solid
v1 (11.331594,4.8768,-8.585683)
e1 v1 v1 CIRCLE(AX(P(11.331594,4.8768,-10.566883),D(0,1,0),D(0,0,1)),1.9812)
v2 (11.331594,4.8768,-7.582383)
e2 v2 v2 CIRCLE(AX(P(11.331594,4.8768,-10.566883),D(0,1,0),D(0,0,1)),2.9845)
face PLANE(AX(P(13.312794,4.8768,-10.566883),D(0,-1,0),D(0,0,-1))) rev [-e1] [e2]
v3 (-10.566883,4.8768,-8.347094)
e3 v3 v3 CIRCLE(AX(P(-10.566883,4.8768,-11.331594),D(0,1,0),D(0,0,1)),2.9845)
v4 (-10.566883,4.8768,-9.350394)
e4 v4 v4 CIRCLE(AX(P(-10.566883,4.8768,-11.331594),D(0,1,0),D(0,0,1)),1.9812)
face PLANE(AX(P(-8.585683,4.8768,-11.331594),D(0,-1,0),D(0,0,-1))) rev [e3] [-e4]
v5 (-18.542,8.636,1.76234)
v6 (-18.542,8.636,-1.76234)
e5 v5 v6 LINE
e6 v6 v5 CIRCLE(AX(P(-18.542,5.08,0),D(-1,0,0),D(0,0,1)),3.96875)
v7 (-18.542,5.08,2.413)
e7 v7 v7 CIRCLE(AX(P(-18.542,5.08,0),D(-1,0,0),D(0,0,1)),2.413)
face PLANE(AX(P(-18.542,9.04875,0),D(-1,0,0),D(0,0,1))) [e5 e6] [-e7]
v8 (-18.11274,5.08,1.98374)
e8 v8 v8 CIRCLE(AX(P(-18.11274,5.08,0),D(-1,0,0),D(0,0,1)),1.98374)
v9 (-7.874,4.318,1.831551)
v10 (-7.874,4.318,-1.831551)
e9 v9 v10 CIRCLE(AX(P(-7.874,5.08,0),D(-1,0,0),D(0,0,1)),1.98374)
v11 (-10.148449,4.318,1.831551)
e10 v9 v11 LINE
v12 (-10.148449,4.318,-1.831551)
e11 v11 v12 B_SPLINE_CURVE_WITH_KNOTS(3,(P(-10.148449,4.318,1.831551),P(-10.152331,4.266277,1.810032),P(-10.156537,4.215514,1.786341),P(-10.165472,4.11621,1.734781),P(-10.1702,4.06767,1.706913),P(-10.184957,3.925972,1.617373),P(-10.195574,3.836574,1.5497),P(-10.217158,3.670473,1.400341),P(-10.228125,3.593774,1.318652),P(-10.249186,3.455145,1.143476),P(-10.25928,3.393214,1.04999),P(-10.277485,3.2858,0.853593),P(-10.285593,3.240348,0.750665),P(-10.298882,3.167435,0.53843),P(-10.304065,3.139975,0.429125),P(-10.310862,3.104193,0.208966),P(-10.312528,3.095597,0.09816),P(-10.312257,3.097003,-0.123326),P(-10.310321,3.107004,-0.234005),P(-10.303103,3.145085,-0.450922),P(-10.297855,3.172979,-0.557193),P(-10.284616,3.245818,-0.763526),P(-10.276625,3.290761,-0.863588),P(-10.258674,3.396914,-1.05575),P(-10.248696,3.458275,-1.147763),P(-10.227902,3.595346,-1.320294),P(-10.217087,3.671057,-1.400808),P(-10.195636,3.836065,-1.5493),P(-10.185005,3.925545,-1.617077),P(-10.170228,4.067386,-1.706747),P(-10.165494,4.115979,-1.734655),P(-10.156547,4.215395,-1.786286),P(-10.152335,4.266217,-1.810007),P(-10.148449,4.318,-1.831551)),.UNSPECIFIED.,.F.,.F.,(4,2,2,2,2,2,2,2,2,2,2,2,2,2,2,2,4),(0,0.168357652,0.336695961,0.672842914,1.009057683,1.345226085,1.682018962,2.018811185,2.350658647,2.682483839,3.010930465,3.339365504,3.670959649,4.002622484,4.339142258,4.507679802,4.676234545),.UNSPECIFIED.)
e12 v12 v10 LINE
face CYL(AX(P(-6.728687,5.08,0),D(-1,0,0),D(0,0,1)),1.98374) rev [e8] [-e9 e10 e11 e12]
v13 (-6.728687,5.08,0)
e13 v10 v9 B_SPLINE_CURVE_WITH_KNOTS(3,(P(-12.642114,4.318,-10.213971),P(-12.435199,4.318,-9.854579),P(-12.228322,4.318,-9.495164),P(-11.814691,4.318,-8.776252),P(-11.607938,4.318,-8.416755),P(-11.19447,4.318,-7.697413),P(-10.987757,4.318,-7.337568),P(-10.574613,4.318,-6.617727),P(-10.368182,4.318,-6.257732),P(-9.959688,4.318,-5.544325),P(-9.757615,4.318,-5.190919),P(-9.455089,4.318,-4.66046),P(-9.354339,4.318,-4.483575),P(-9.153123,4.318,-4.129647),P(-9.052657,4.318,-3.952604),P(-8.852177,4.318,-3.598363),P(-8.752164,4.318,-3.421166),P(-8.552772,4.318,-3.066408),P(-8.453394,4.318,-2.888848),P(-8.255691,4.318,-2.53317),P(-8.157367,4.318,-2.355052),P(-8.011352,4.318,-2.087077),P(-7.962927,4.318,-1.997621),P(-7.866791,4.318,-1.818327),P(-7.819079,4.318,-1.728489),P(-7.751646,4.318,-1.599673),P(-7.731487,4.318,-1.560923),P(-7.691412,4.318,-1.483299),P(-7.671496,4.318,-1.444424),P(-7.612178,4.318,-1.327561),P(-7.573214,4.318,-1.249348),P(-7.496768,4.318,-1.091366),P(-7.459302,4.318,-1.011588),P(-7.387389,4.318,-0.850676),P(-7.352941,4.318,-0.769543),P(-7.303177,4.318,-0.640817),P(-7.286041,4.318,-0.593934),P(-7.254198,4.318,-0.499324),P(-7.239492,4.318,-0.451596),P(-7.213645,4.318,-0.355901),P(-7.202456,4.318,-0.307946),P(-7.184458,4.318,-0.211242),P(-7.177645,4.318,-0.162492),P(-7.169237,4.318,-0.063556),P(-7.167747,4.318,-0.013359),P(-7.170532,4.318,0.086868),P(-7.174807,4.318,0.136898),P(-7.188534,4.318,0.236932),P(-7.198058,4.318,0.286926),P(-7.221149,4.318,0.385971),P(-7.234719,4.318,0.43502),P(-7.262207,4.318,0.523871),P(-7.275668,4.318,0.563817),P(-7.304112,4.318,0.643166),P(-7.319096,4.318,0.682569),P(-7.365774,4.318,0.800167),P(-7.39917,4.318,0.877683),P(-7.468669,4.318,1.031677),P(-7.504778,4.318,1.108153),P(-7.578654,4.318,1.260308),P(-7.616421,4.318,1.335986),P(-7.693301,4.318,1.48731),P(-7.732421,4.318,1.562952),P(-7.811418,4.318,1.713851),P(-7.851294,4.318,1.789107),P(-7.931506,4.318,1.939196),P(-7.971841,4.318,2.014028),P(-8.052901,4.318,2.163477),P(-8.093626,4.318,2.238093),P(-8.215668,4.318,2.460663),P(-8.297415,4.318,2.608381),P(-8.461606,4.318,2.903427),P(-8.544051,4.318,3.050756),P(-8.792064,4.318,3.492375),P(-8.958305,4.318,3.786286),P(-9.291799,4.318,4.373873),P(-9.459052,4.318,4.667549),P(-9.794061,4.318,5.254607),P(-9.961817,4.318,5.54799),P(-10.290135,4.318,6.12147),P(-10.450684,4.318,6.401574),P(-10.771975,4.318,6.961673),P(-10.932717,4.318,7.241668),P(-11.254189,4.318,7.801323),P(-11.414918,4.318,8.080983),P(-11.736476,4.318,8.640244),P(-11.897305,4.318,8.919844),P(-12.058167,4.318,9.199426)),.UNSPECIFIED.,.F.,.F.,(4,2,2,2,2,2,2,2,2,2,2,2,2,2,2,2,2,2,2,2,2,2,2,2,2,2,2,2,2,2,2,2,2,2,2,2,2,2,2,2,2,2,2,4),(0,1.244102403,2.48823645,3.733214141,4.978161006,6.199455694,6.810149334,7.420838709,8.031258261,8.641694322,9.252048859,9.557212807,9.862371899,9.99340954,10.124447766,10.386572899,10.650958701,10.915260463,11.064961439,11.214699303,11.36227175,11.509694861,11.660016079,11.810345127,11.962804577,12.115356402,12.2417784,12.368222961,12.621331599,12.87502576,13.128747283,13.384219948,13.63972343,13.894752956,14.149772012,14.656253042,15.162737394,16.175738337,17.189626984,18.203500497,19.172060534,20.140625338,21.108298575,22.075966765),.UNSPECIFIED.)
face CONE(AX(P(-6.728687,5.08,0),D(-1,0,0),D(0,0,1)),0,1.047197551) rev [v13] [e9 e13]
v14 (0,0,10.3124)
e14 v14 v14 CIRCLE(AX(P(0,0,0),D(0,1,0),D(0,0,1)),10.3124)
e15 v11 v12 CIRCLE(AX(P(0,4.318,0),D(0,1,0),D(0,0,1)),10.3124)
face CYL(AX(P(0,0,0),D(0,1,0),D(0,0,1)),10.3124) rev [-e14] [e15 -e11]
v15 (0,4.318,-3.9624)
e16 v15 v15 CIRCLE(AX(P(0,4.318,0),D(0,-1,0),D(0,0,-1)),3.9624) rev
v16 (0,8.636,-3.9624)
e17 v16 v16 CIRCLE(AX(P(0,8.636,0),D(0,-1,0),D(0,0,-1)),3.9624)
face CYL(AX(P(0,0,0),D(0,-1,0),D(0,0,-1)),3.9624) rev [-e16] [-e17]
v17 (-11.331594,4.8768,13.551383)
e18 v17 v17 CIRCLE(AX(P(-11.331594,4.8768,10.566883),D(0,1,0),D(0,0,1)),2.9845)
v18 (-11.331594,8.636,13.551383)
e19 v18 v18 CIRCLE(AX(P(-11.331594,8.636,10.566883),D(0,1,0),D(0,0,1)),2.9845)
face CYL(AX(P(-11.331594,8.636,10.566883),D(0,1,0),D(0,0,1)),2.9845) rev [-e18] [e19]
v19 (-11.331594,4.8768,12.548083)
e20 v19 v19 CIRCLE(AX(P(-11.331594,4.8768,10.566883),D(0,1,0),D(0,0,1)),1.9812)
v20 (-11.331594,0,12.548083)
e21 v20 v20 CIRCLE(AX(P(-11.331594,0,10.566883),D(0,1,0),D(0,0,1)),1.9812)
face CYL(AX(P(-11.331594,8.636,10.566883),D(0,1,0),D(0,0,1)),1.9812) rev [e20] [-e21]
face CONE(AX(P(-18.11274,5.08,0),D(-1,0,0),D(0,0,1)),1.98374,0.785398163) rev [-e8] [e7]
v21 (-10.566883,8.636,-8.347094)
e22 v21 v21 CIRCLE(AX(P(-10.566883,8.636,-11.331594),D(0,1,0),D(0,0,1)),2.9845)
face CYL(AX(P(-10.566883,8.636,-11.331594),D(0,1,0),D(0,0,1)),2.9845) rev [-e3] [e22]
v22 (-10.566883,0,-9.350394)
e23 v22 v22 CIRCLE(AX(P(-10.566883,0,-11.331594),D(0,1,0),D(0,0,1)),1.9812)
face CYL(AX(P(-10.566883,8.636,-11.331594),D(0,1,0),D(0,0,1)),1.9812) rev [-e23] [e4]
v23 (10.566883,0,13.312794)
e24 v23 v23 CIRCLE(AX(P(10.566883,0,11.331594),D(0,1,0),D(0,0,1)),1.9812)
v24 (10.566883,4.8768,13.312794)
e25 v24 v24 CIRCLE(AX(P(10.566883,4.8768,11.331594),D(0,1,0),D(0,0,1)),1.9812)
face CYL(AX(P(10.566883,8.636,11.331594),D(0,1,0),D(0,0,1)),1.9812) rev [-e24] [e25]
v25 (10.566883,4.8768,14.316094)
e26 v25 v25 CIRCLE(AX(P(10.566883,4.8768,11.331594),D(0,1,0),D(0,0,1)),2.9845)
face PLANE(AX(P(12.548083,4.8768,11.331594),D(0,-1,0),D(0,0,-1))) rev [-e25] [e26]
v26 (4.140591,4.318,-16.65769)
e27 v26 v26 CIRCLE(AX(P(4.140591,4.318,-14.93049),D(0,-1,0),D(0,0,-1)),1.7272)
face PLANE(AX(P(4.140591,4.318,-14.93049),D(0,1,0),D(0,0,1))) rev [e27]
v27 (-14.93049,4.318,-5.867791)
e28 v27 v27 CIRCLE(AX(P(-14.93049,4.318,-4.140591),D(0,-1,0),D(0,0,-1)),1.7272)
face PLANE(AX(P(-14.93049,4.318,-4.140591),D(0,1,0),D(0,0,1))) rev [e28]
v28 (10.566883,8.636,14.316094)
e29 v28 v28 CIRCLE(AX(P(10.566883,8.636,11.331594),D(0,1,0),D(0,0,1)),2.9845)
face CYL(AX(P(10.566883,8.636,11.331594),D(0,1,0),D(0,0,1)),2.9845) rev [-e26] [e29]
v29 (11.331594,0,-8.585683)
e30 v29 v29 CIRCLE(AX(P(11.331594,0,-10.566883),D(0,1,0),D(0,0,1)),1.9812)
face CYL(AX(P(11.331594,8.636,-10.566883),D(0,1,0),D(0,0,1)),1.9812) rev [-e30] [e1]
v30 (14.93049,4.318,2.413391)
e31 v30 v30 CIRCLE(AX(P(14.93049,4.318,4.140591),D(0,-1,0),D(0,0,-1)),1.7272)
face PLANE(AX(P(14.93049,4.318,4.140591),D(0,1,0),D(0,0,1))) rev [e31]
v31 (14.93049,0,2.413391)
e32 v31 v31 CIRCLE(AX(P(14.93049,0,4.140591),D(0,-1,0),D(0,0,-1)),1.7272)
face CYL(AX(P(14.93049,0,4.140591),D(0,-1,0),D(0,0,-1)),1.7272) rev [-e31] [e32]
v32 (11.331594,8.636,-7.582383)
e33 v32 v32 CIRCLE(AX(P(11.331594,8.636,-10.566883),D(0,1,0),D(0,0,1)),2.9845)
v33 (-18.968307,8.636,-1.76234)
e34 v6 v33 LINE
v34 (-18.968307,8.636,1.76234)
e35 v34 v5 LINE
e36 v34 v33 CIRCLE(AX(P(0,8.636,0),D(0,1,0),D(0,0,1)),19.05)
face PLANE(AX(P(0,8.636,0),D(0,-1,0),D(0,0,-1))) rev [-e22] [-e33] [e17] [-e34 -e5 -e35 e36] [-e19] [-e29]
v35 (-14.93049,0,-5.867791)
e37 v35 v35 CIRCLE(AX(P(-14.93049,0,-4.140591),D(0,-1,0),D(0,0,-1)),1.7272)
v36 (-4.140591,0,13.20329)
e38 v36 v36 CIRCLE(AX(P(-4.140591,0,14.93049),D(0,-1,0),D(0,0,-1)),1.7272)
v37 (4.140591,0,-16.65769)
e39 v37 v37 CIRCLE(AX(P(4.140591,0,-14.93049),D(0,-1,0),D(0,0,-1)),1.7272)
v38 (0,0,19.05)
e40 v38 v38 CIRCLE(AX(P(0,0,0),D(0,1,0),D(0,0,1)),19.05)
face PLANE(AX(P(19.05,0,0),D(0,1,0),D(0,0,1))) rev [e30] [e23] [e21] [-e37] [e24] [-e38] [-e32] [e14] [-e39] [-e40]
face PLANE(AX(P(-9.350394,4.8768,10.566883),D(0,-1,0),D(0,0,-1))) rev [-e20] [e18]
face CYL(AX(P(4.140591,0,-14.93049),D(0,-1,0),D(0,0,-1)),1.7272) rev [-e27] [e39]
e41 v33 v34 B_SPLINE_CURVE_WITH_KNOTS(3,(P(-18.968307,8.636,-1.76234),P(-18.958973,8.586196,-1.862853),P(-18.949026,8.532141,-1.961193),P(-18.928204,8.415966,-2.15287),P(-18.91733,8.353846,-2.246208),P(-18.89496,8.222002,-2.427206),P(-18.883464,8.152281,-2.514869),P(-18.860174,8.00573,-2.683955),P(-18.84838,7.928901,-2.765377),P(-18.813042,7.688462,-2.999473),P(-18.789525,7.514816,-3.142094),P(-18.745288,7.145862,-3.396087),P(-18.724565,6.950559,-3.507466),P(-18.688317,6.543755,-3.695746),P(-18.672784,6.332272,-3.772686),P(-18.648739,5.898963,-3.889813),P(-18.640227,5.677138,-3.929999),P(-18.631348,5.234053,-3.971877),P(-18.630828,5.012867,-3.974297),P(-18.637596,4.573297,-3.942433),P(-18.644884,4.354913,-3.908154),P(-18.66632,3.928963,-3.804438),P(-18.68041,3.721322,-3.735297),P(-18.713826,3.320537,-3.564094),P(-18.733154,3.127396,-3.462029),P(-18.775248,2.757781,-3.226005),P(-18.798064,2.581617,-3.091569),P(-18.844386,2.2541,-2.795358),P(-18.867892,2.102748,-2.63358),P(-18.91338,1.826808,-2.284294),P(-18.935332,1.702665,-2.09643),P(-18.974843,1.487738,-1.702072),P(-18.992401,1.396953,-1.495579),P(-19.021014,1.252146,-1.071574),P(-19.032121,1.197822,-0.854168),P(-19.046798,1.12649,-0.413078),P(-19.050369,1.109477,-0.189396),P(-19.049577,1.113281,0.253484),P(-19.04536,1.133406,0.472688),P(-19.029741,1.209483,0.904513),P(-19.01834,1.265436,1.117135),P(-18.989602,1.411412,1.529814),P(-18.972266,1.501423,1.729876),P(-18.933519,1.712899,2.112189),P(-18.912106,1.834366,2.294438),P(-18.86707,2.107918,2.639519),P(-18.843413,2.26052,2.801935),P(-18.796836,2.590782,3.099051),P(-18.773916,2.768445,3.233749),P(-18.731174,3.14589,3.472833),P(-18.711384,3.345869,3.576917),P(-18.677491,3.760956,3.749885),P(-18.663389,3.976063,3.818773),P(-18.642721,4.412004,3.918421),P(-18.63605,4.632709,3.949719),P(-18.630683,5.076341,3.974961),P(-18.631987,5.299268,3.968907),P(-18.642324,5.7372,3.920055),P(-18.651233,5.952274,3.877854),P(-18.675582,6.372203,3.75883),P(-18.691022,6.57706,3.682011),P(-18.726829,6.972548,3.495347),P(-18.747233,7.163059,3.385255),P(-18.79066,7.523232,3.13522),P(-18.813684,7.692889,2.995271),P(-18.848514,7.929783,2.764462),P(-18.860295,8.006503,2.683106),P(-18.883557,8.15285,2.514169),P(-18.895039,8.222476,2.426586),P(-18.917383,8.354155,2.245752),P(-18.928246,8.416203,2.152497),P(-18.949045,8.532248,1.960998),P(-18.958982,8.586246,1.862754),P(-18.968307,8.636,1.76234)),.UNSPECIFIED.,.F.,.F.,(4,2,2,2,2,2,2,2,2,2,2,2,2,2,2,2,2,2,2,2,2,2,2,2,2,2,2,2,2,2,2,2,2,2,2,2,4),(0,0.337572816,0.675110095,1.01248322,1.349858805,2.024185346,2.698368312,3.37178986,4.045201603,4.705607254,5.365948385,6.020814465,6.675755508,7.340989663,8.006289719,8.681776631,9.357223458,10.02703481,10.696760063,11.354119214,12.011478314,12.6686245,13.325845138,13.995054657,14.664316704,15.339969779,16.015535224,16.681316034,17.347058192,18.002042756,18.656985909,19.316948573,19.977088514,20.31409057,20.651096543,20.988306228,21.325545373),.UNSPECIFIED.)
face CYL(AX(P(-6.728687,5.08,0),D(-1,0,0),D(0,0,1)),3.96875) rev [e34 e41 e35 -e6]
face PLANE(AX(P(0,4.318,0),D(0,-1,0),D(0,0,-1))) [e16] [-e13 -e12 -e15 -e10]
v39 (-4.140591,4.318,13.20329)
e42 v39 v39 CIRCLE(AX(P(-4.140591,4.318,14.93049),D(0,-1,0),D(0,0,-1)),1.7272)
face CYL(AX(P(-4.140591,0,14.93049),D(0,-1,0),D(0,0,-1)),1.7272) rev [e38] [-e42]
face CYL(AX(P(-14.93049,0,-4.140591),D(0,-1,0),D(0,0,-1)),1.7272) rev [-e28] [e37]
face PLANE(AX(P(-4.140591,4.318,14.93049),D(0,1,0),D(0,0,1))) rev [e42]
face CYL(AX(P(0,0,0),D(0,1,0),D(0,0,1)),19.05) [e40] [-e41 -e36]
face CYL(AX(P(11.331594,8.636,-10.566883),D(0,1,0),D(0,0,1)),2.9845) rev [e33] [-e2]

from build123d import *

# Parameters (mm, degrees)
SKETCH1_W         = 19.05
SKETCH1_H         = 8.636
HOLE1_D           = 3.9624
HOLE1_CBORE_D     = 5.969
HOLE1_CBORE_DEPTH = 3.7592
HOLE2_D           = 3.9624
HOLE2_CBORE_D     = 5.969
HOLE2_CBORE_DEPTH = 3.7592
HOLE3_D           = 3.9624
HOLE3_CBORE_D     = 5.969
HOLE3_CBORE_DEPTH = 3.7592
HOLE4_D           = 3.9624
HOLE4_CBORE_D     = 5.969
HOLE4_CBORE_DEPTH = 3.7592
HOLE5_D           = 7.9248
SKETCH13_W        = 10.3124
SKETCH13_H        = 4.318
HOLE6_D           = 3.4544
HOLE6_DEPTH       = 4.318
HOLE7_D           = 3.4544
HOLE7_DEPTH       = 4.318
HOLE8_D           = 3.4544
HOLE8_DEPTH       = 4.318
HOLE9_D           = 3.4544
HOLE9_DEPTH       = 4.318


with BuildPart() as part:
    # Sketch1 → Revolve1 (revolve)
    with BuildSketch(Plane.XY):
        with Locations((9.525, 4.318)):
            Rectangle(SKETCH1_W, SKETCH1_H)
    revolve(axis=Axis((0, 0, 0), (0, 1, 0)))

    # Sketch2 → Cut-Revolve1 (revolve, cut)
    with BuildSketch(Plane.XY):
        Polygon((-19.05, 5.08), (-19.05, 9.04875), (-18.542, 9.04875), (-18.542, 7.493), (-18.11274, 7.06374), (-7.874, 7.06374), (-6.728687177, 5.08), align=None)
    revolve(axis=Axis((-6.728687177, 5.08, 0), (-1, 0, 0)), mode=Mode.SUBTRACT)

    # Hole1 (through all)
    with Locations(Plane(origin=(0, 8.636, 0), x_dir=(1, 0, 0), z_dir=(0, 1, 0))):
        with Locations((-10.566882591, 11.331594253)):
            CounterBoreHole(HOLE1_D / 2, HOLE1_CBORE_D / 2, HOLE1_CBORE_DEPTH)

    # Hole2 (through all)
    with Locations(Plane(origin=(0, 8.636, 0), x_dir=(1, 0, 0), z_dir=(0, 1, 0))):
        with Locations((-11.331594253, -10.566882591)):
            CounterBoreHole(HOLE2_D / 2, HOLE2_CBORE_D / 2, HOLE2_CBORE_DEPTH)

    # Hole3 (through all)
    with Locations(Plane(origin=(0, 8.636, 0), x_dir=(1, 0, 0), z_dir=(0, 1, 0))):
        with Locations((10.566882591, -11.331594253)):
            CounterBoreHole(HOLE3_D / 2, HOLE3_CBORE_D / 2, HOLE3_CBORE_DEPTH)

    # Hole4 (through all)
    with Locations(Plane(origin=(0, 8.636, 0), x_dir=(1, 0, 0), z_dir=(0, 1, 0))):
        with Locations((11.331594253, 10.566882591)):
            CounterBoreHole(HOLE4_D / 2, HOLE4_CBORE_D / 2, HOLE4_CBORE_DEPTH)

    # Hole5 (through all)
    with Locations(Plane(origin=(0, 0, 0), x_dir=(-1, 0, 0), z_dir=(0, -1, 0))):
        with Locations((0, 0)):
            Hole(HOLE5_D / 2)

    # Sketch13 → Cut-Revolve2 (revolve, cut)
    with BuildSketch(Plane.XY):
        with Locations((5.1562, 2.159)):
            Rectangle(SKETCH13_W, SKETCH13_H)
    revolve(axis=Axis((0, 0, 0), (0, 1, 0)), mode=Mode.SUBTRACT)

    # Hole6
    with Locations(Plane(origin=(0, 0, 0), x_dir=(-1, 0, 0), z_dir=(0, -1, 0))):
        with Locations((4.140591399, -14.930490242)):
            Hole(HOLE6_D / 2, depth=HOLE6_DEPTH)

    # Hole7
    with Locations(Plane(origin=(0, 0, 0), x_dir=(-1, 0, 0), z_dir=(0, -1, 0))):
        with Locations((-14.930490242, -4.140591399)):
            Hole(HOLE7_D / 2, depth=HOLE7_DEPTH)

    # Hole8
    with Locations(Plane(origin=(0, 0, 0), x_dir=(-1, 0, 0), z_dir=(0, -1, 0))):
        with Locations((-4.140591399, 14.930490242)):
            Hole(HOLE8_D / 2, depth=HOLE8_DEPTH)

    # Hole9
    with Locations(Plane(origin=(0, 0, 0), x_dir=(-1, 0, 0), z_dir=(0, -1, 0))):
        with Locations((14.930490242, 4.140591399)):
            Hole(HOLE9_D / 2, depth=HOLE9_DEPTH)


solid = part.part
